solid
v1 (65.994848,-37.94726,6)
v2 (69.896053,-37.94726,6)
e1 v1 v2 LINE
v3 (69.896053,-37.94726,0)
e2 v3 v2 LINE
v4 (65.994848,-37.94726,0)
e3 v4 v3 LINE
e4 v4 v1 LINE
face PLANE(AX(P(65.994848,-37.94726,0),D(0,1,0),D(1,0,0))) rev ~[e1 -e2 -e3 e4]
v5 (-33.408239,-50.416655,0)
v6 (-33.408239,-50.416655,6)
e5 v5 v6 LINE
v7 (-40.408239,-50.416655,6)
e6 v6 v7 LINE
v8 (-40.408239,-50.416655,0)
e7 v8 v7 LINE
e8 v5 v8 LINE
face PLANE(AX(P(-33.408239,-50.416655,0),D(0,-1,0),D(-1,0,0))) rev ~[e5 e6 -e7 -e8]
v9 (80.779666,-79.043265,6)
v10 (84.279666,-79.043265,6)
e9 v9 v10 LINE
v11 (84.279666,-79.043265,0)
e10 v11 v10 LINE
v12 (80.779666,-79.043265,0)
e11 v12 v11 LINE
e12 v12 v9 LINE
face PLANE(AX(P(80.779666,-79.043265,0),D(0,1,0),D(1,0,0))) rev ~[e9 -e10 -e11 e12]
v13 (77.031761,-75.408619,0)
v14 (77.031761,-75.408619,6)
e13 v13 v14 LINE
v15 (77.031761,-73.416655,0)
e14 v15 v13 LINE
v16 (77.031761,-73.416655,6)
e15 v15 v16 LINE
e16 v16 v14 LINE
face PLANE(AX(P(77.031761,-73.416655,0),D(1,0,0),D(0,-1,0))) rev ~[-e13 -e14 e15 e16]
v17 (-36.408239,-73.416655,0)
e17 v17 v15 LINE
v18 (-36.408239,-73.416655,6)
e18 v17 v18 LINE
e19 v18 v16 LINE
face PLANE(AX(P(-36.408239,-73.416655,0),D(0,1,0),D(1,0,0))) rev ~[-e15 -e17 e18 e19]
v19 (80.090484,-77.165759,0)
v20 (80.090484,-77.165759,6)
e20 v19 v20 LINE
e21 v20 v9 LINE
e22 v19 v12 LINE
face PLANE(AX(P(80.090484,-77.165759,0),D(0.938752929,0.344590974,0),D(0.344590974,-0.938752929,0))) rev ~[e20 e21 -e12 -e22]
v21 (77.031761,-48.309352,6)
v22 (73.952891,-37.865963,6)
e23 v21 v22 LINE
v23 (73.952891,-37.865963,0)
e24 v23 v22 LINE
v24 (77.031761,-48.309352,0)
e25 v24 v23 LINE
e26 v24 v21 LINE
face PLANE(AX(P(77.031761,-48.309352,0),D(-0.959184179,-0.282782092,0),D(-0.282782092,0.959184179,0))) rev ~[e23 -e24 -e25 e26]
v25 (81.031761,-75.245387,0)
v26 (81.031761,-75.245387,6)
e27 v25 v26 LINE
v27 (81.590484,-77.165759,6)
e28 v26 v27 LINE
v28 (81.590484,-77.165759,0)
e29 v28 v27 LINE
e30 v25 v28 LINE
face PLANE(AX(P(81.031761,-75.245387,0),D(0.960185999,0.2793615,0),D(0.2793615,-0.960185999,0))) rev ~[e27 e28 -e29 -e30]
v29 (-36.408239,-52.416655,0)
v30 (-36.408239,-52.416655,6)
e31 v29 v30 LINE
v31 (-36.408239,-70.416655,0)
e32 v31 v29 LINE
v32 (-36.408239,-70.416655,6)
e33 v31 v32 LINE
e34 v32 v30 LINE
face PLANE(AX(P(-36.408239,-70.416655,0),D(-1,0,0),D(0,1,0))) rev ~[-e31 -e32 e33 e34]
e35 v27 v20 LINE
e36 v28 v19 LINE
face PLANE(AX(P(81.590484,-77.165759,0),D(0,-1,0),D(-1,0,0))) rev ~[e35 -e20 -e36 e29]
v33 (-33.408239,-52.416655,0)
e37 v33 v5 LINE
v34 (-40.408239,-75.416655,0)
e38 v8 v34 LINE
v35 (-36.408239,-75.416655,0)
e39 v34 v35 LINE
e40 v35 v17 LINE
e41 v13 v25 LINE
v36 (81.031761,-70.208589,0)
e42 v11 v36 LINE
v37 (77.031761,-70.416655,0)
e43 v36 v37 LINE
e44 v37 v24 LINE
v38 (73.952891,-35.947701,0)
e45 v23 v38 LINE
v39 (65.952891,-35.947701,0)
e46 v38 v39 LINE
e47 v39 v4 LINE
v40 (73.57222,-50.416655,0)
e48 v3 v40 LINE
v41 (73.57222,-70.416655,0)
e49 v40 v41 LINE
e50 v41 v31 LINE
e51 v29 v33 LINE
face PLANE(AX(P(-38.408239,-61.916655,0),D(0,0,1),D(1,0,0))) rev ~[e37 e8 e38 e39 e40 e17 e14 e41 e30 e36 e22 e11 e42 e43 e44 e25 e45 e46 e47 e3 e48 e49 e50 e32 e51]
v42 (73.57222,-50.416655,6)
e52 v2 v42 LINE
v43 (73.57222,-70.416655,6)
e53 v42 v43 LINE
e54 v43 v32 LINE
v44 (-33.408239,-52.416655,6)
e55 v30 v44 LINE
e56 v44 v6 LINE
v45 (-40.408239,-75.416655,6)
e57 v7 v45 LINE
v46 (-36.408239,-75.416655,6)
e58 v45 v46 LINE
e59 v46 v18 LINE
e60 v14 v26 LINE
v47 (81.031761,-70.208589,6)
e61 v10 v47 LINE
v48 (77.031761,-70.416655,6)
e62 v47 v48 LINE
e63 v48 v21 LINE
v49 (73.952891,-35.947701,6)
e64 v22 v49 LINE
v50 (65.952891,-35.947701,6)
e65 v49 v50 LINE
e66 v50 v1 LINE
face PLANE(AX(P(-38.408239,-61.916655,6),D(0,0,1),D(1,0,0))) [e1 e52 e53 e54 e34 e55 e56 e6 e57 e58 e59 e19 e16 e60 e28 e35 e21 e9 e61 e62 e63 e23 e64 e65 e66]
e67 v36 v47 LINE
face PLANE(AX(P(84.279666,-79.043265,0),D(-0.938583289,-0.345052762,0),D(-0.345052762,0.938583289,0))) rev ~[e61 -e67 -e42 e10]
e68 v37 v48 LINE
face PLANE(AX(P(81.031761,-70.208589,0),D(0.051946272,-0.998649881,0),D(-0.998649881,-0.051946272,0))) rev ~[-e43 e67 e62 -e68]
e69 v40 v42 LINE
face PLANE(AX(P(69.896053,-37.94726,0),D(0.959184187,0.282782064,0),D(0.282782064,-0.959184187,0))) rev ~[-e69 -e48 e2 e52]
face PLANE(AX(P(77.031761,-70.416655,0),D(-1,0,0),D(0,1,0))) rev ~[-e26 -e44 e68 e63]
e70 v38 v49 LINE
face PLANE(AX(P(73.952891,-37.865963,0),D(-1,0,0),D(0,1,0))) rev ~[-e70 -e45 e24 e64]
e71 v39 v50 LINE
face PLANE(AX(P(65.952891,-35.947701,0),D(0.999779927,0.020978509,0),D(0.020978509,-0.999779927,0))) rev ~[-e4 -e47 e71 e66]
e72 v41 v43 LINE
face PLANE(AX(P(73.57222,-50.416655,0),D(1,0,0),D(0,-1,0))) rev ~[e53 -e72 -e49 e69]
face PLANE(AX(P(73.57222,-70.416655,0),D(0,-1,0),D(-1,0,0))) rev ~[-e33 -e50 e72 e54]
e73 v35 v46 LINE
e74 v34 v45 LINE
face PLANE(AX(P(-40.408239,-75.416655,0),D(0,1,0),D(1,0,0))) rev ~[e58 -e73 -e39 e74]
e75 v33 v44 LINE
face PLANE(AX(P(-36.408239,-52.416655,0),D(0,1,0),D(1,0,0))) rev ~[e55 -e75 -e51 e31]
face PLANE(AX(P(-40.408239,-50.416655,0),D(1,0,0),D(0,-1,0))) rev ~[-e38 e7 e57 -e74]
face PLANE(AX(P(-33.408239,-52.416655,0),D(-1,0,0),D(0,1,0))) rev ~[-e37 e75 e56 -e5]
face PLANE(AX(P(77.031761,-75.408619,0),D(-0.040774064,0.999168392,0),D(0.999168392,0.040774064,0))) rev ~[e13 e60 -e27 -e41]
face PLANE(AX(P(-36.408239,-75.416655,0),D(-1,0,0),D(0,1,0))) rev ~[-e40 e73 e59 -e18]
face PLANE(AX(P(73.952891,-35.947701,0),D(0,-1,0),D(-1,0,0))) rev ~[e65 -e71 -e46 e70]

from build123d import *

# Parameters (mm, degrees)
F0_W     = 4
F0_H     = 2
F0_W_2   = 3
F1_DEPTH = 6


with BuildPart() as f1:
    # F0 (on Top) → F1 (new body)
    with BuildSketch(Plane.XY):
        Polygon((-36.408239, -50.416655), (-40.408239, -50.416655), (-40.408239, -73.416655), (-36.408239, -73.416655), (-36.408239, -70.416655), (-36.408239, -52.416655), align=None)
        Polygon((77.031761, -70.416655), (77.031761, -73.408619), (81.031761, -73.408619), (81.031761, -70.208589), align=None)
        Polygon((73.57222, -50.416655), (73.57222, -70.416655), (77.031761, -70.416655), (77.031761, -48.309352), (73.952891, -37.865963), (73.952891, -35.947701), (65.952891, -35.947701), (65.994848, -37.94726), (69.896053, -37.94726), align=None)
        Polygon((-36.408239, -70.416655), (-36.408239, -73.416655), (77.031761, -73.416655), (77.031761, -73.408619), (77.031761, -70.416655), (73.57222, -70.416655), align=None)
        with Locations((-38.408239, -74.416655)):
            Rectangle(F0_W, F0_H)
        Polygon((81.031761, -70.208589), (81.031761, -73.408619), (81.031761, -75.245387), (81.590484, -77.165759), (80.090484, -77.165759), (80.779666, -79.043265), (84.279666, -79.043265), align=None)
        with Locations((-34.908239, -51.416655)):
            Rectangle(F0_W_2, F0_H)
        Polygon((77.031761, -73.408619), (77.031761, -73.416655), (77.031761, -75.408619), (81.031761, -75.245387), (81.031761, -73.408619), align=None)
    extrude(amount=F1_DEPTH)


solid = f1.part
